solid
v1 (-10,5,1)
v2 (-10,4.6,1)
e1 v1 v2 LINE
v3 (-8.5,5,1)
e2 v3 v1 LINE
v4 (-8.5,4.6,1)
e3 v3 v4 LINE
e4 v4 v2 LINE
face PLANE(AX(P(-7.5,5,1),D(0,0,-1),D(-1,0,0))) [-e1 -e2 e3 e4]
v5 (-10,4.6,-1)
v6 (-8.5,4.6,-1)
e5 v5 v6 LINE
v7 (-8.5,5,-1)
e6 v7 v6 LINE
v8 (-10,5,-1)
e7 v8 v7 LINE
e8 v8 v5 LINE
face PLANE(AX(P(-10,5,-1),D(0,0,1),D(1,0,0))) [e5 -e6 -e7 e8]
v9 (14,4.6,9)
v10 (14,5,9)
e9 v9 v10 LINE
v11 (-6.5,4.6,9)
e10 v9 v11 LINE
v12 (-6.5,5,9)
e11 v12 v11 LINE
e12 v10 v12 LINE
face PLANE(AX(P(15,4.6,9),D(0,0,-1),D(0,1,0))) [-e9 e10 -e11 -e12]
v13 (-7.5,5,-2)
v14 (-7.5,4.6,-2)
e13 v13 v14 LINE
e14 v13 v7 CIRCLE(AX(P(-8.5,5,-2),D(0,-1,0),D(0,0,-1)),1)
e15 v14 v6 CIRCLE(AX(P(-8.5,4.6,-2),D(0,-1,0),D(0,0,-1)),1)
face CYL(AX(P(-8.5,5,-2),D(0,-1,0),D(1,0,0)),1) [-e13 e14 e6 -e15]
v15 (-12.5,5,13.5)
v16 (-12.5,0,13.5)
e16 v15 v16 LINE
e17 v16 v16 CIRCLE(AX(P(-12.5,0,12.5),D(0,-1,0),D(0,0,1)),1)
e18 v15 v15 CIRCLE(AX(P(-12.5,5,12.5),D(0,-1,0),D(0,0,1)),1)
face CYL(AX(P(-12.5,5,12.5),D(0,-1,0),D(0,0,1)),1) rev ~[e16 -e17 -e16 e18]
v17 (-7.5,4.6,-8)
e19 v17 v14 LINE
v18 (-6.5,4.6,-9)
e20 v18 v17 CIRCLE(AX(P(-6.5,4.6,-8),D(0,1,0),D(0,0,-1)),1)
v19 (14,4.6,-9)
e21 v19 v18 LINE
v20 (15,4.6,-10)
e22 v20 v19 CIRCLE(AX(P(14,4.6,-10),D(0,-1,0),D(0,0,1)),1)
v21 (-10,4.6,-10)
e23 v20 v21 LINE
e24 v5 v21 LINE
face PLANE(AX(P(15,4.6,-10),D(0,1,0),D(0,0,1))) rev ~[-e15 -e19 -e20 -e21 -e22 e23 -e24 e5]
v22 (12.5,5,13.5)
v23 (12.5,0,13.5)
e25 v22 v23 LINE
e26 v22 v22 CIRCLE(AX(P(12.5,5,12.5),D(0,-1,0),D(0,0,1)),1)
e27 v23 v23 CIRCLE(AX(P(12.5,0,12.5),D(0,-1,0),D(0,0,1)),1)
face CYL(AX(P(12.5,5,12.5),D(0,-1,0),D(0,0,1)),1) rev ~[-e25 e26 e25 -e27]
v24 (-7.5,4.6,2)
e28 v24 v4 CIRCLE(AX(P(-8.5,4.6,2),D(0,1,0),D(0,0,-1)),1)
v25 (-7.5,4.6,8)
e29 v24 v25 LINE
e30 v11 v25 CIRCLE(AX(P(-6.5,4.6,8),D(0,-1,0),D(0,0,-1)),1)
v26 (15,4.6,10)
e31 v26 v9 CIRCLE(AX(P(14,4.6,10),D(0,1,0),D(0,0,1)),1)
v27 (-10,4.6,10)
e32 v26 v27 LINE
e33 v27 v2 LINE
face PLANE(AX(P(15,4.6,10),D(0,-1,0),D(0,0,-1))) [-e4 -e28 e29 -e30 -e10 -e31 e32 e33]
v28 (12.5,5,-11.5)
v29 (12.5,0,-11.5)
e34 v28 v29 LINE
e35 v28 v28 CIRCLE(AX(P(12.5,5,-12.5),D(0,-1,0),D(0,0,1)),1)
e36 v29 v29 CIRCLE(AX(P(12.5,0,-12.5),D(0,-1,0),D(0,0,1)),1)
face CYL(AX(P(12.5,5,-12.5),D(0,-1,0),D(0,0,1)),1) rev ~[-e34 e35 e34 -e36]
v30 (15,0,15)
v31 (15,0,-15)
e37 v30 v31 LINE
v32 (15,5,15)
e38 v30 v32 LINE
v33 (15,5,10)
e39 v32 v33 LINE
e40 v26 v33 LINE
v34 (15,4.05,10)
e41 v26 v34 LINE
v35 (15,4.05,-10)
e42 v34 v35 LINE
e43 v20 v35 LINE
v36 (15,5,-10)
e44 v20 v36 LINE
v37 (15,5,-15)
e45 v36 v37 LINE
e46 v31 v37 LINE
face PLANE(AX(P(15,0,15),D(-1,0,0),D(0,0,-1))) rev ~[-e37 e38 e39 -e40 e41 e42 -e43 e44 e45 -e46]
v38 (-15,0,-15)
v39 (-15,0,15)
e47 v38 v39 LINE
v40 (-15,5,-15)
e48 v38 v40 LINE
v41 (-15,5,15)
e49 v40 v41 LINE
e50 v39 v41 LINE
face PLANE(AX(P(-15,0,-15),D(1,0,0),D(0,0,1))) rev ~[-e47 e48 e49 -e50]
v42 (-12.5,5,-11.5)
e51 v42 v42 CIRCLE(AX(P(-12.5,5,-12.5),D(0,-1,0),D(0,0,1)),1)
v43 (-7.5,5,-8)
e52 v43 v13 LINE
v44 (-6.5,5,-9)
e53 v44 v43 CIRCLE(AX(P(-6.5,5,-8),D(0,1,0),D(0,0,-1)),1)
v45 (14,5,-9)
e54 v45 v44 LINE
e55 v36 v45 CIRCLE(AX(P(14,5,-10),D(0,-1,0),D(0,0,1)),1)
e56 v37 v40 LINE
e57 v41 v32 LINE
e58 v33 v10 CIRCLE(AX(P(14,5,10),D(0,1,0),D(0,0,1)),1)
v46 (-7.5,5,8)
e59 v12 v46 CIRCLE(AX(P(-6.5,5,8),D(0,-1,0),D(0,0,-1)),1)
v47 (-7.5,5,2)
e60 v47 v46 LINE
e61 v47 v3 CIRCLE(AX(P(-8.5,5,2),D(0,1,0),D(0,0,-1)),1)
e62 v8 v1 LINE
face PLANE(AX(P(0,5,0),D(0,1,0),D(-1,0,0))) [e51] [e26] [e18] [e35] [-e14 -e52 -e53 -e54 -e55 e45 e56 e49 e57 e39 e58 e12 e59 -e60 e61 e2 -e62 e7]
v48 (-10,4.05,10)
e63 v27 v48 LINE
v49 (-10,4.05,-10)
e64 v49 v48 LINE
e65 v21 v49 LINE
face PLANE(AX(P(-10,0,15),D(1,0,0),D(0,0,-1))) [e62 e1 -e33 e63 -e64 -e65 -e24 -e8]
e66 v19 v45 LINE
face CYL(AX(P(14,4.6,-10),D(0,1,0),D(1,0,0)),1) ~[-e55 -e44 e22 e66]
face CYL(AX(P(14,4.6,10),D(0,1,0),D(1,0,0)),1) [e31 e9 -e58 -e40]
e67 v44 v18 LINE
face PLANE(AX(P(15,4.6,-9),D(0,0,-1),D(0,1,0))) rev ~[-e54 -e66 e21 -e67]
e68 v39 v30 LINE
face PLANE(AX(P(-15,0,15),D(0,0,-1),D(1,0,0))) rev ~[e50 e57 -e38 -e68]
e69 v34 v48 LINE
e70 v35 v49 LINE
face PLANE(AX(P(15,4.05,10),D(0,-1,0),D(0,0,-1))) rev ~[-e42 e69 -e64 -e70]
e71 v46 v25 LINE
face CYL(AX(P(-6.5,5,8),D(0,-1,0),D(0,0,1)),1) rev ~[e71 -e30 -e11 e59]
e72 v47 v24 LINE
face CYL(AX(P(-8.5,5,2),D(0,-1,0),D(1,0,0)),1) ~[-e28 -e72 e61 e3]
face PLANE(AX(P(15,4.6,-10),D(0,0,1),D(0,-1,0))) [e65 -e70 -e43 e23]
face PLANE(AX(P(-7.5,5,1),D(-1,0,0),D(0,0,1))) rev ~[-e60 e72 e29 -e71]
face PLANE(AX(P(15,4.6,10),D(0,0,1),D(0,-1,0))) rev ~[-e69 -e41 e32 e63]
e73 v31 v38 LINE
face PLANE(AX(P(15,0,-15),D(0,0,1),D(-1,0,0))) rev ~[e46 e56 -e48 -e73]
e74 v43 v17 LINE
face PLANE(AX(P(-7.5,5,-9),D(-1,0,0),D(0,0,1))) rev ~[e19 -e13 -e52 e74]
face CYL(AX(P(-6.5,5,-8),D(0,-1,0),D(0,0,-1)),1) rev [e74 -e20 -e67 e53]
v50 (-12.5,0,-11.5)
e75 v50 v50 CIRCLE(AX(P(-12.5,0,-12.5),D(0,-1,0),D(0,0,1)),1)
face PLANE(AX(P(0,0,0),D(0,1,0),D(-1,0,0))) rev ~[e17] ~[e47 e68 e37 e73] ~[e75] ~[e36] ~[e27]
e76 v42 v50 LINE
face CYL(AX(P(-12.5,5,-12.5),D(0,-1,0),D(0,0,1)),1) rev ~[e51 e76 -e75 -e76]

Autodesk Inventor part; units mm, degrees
ref_plane "YZ Plane" through (0, 0, 0) normal (1, 0, 0) x (0, 1, 0)
ref_plane "XZ Plane" through (0, 0, 0) normal (0, 1, 0) x (-1, 0, 0)
ref_plane "XY Plane" through (0, 0, 0) normal (0, 0, 1) x (1, 0, 0)
sketch "Sketch1" plane through (0, 0, 0) normal (0, 1, 0) x (-1, 0, 0)
  line L0 (-15, -15) -> (15, -15)
  line L1 (15, -15) -> (15, 15)
  line L2 (15, 15) -> (-15, 15)
  line L3 (-15, 15) -> (-15, -15)
  line L4 (-15, -15) -> (15, 15) construction
  line L5 (15, -15) -> (-15, 15) construction
  point P0 (0, 0)
  dimension "d0" = 30
  dimension "d1" = 30
extrude "Extrusion1" add sketch "Sketch1" along normal blind 5
sketch "Sketch2" plane through (15, 0, 15) normal (1, 0, 0) x (0, 0, -1)
  line L0 (0, 5) -> (30, 5) projected
  line L1 (5, 4.05) -> (25, 4.05)
  line L2 (0, 0) -> (30, 0) projected
  line L3 (5, 4.6) -> (5, 4.05)
  line L4 (5, 4.6) -> (6, 4.6)
  line L5 (6, 4.6) -> (6, 5)
  line L6 (15, -1.7486) -> (15, 8.5822)
  line L7 (25, 4.05) -> (5, 4.05)
  line L8 (25, 4.6) -> (25, 4.05)
  line L9 (25, 4.6) -> (24, 4.6)
  line L10 (24, 4.6) -> (24, 5)
  point P0 (15, 0)
  point P1 (15, 0)
  point P2 (15, 0)
  dimension "d4" = 10
  dimension "d5" = 20
  dimension "d10" = 0.55
  dimension "d12" = 0.4
  dimension "d13" = 1
extrude "Extrusion2" cut sketch "Sketch2" against normal blind 25
sketch "Sketch3" plane through (0, 5, 0) normal (0, 1, 0) x (1, 0, 0)
  line L0 (-10, 9) -> (15, 9) projected
  line L1 (15, -9) -> (-10, -9) projected
  line L2 (-10, 9) -> (-7.5, 9)
  line L3 (-7.5, 9) -> (-7.5, -9)
  line L4 (-7.5, -9) -> (-10, -9)
  line L5 (-10, -9) -> (-10, 9)
  line L6 (-7.5, -1) -> (-10, -1)
  line L7 (-10, -1) -> (-10, 1)
  line L8 (-10, 1) -> (-7.5, 1)
  line L9 (-7.5, 1) -> (-7.5, -1)
  point P0 (0, 0)
  dimension "d16" = 2.5
  dimension "d17" = 2
  dimension "d18" = 1
extrude "Extrusion3" add sketch "Sketch3" against normal up to surface (0.4 mm away) contours L0 L3 L8 L5 | L6 L3 L1 L5
fillet "Fillet1" radius 1 6 edges at (15, 4.8, 9) (15, 4.8, -9) (-7.5, 4.8, -1) (-7.5, 4.8, 1) (-7.5, 4.8, 9) (-7.5, 4.8, -9)
sketch "Sketch4" plane through (0, 5, 0) normal (0, 1, 0) x (1, 0, 0)
  point P0 (0, 0)
  point P1 (12.5, -12.5)
  point P2 (-12.5, -12.5)
  point P3 (-12.5, 12.5)
  point P4 (12.5, 12.5)
  dimension "d22" = 25
  dimension "d23" = 12.5
  dimension "d24" = 25
  dimension "d25" = 12.5
hole "Hole1" at (12.5, 5, 12.5) at (-12.5, 5, 12.5) at (-12.5, 5, -12.5) at (12.5, 5, -12.5) direction (0, -1, 0) diameter 2 end through all
equation "\"d23\" = 0.5 * d22"
equation "\"d25\" = 0.5 * d24"
properties part number "Flex Circuit Slot"
